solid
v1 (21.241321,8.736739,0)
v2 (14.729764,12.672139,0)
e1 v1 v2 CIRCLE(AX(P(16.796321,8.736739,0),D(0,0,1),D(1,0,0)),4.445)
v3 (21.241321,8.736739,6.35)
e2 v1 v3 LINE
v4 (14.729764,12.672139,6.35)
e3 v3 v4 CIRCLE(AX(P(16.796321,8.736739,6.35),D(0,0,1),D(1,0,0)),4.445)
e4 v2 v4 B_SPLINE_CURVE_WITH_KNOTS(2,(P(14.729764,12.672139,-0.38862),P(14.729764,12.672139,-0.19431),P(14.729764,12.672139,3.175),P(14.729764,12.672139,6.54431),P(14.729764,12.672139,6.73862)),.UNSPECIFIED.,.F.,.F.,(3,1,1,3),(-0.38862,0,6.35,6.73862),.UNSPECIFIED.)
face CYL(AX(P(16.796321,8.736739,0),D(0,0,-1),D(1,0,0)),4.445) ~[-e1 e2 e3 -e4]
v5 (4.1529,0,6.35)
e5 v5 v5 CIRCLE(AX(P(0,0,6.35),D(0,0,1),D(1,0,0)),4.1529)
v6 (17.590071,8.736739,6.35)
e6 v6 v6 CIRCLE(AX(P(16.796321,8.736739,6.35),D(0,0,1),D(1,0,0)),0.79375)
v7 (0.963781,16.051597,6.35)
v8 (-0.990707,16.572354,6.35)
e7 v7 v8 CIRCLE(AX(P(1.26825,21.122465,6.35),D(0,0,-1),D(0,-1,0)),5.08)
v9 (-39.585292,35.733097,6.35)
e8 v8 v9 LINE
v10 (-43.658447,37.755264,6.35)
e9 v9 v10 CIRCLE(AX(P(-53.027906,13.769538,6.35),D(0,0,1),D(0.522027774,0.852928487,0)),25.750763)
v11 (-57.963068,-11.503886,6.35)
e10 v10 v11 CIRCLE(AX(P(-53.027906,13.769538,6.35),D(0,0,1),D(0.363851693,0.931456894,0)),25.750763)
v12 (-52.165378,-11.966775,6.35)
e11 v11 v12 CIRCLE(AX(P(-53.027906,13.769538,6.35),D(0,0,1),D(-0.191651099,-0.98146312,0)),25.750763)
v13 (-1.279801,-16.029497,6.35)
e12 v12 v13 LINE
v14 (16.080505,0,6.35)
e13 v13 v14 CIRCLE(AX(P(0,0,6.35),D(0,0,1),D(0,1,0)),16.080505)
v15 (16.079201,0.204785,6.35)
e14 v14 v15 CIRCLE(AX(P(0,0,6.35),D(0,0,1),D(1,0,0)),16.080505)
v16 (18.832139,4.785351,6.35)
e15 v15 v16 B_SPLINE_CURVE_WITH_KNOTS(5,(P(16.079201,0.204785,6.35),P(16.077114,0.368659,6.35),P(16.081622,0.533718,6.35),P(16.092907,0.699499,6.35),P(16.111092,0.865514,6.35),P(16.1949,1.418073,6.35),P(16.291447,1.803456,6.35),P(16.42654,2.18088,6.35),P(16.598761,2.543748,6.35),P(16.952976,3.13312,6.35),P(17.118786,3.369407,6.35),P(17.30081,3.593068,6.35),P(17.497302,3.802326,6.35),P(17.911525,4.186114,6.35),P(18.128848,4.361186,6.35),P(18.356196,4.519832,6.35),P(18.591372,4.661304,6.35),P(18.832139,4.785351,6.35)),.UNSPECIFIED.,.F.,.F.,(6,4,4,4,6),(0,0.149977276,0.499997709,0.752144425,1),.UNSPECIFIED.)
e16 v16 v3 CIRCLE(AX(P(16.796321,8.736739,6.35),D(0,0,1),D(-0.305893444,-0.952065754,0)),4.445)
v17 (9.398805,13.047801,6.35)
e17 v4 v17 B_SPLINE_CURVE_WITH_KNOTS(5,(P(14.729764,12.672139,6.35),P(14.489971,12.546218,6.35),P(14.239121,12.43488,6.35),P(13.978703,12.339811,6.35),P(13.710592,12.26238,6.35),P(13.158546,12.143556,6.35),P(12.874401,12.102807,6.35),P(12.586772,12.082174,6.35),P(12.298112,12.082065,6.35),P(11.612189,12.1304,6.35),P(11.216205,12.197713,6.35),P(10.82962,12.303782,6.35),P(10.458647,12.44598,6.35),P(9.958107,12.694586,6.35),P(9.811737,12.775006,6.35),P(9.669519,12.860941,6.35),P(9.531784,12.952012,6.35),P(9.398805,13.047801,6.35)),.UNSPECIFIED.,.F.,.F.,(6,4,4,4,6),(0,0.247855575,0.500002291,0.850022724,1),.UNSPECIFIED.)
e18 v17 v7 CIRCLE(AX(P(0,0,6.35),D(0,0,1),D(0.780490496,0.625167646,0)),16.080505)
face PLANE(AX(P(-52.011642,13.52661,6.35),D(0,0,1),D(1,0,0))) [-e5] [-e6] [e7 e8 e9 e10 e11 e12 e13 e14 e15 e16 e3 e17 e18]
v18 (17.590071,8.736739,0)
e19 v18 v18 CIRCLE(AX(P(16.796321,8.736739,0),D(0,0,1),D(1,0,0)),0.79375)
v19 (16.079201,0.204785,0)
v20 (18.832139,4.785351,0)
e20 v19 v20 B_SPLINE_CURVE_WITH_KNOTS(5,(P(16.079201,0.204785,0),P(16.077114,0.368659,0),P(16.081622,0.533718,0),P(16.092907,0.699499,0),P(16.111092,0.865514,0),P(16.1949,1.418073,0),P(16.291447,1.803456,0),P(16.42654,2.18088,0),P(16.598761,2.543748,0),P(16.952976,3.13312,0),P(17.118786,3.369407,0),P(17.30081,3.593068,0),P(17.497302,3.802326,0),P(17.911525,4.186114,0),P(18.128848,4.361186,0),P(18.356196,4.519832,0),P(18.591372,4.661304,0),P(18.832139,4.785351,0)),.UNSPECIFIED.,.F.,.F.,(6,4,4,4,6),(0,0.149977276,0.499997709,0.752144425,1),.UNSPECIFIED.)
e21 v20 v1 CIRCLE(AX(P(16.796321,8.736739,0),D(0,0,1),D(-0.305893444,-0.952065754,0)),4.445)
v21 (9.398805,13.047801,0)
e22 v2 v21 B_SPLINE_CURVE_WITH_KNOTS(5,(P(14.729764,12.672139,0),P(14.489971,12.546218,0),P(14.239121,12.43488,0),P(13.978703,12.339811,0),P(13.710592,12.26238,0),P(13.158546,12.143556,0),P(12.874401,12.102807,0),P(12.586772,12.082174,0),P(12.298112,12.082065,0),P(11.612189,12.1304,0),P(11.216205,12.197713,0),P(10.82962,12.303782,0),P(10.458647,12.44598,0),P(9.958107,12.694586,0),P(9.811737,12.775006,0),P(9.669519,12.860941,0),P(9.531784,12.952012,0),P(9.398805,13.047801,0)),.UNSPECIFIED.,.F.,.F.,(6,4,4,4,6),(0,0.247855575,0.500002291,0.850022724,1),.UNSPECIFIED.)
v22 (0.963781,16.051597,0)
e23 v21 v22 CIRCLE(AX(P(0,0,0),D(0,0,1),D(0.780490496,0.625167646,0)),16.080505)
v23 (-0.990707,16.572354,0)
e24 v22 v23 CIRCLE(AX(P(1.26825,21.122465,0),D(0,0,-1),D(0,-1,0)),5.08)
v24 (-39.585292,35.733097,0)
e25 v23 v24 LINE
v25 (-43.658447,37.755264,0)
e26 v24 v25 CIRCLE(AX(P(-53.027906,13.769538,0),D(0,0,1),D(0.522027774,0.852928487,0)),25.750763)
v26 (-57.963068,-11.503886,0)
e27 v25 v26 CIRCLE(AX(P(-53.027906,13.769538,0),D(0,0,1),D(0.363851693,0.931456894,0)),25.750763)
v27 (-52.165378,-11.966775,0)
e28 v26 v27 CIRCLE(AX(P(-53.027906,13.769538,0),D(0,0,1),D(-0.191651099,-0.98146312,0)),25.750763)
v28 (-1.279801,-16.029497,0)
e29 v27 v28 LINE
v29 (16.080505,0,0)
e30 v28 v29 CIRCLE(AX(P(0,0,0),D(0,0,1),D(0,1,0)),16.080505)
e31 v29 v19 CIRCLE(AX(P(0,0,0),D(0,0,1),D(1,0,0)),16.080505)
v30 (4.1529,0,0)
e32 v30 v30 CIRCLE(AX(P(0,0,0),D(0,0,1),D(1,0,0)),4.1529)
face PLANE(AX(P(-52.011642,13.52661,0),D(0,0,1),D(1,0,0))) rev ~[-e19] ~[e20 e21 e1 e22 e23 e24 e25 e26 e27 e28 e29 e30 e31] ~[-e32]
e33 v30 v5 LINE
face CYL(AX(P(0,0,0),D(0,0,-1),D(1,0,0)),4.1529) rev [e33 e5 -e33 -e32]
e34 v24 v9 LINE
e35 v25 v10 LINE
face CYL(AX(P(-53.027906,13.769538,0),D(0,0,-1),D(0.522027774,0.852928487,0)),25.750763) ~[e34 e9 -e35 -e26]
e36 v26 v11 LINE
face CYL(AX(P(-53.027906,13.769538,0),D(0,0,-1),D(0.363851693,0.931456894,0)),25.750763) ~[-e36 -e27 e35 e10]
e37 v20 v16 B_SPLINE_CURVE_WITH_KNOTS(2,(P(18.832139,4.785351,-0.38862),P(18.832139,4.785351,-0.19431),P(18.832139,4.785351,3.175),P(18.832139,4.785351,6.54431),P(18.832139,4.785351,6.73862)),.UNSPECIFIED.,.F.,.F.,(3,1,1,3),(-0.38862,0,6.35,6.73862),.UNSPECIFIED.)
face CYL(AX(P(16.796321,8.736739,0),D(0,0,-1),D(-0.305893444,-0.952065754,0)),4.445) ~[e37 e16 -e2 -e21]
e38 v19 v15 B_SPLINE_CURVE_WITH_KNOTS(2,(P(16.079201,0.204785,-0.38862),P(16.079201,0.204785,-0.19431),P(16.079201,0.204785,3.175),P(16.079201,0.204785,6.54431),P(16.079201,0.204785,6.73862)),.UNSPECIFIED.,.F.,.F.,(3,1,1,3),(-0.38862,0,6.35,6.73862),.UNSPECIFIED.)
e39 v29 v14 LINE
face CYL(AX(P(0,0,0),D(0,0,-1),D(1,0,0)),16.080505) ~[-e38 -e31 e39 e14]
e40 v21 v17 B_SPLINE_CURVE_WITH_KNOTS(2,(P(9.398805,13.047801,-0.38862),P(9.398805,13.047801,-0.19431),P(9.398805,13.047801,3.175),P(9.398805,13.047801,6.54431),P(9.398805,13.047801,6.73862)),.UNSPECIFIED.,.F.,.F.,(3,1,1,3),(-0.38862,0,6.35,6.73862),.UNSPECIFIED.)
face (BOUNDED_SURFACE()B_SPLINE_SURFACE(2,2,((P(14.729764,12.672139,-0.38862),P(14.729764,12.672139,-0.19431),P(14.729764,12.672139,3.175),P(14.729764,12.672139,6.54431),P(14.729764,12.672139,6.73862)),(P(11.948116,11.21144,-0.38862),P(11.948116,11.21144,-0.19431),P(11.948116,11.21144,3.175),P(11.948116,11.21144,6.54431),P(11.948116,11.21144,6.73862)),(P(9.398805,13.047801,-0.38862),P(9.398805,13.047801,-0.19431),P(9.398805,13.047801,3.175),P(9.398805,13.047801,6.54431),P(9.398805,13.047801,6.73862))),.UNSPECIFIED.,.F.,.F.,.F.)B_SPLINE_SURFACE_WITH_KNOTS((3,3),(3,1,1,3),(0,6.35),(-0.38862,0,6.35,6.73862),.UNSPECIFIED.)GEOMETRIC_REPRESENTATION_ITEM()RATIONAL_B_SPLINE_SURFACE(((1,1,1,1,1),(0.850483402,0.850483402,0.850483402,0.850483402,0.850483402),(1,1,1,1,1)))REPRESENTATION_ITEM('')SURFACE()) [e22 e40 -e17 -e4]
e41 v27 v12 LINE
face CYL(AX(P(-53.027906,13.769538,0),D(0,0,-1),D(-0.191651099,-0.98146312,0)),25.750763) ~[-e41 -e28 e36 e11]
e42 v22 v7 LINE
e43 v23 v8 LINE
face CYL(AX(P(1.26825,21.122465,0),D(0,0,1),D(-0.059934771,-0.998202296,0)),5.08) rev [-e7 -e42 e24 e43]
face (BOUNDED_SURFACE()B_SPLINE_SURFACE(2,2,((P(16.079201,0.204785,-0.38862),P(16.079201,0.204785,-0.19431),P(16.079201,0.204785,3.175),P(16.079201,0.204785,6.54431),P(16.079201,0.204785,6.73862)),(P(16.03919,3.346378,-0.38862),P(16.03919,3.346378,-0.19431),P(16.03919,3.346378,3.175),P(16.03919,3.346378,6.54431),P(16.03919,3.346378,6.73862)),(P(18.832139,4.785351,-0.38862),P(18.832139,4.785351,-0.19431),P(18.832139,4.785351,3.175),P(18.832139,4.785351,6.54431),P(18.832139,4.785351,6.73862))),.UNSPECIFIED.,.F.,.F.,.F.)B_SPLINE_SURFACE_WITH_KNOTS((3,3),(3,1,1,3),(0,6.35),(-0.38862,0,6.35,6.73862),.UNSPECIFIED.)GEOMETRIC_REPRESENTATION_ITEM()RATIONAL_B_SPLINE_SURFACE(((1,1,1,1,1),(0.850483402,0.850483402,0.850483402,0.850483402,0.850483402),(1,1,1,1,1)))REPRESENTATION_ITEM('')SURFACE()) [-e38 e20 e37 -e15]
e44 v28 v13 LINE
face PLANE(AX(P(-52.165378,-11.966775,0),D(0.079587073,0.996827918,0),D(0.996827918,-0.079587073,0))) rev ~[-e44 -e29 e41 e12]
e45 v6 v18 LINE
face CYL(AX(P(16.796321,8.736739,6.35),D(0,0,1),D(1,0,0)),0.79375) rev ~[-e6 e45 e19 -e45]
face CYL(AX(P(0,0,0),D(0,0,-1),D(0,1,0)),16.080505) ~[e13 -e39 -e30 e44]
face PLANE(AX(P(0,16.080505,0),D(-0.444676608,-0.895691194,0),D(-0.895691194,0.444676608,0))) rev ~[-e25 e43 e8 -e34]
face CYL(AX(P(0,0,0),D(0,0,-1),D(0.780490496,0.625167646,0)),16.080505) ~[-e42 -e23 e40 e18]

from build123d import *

# Parameters (mm, degrees)
F0_R     = 4.1529
F1_DEPTH = 6.35
F2_R     = 5.08
F3_R     = 0.79375
F4_DEPTH = 6.604


with BuildPart() as f1:
    # F0 (on Top) → F1 (new body)
    with BuildSketch(Plane.XY):
        with BuildLine():
            Line((-39.5852921817, 35.7330972108), (-43.6584469102, 37.7552635994))
            ThreePointArc((-43.6584469102, 37.7552635994), (-77.757072432, 20.950769545), (-57.9630675112, -11.5038857774))
            Line((-57.9630675112, -11.5038857774), (-52.1653779445, -11.9667752425))
            ThreePointArc((-52.1653779445, -11.9667752425), (-34.5169287333, -4.1314539733), (-27.2771428081, 13.7695381418))
            ThreePointArc((-27.2771428081, 13.7695381418), (-30.5639418609, 26.3581090295), (-39.5852921817, 35.7330972108))
        make_face()
        with BuildLine():
            ThreePointArc((-39.5852921817, 35.7330972108), (-41.5771437171, 36.8342695403), (-43.6584469102, 37.7552635994))
            Line((-43.6584469102, 37.7552635994), (-39.5852921817, 35.7330972108))
        make_face()
        with BuildLine():
            Line((-52.1653779445, -11.9667752425), (-57.9630675112, -11.5038857774))
            ThreePointArc((-57.9630675112, -11.5038857774), (-55.0773333512, -11.8995410396), (-52.1653779445, -11.9667752425))
        make_face()
        with BuildLine():
            Line((0, 16.0805053817), (-39.5852921817, 35.7330972108))
            ThreePointArc((-39.5852921817, 35.7330972108), (-30.5639418609, 26.3581090295), (-27.2771428081, 13.7695381418))
            ThreePointArc((-27.2771428081, 13.7695381418), (-34.5169287333, -4.1314539733), (-52.1653779445, -11.9667752425))
            Line((-52.1653779445, -11.9667752425), (-1.2798007555, -16.0294966658))
            ThreePointArc((-1.2798007555, -16.0294966658), (-16.0677481424, 0.6404084366), (0, 16.0805053817))
        make_face()
        with BuildLine():
            ThreePointArc((12.550681619, 10.0530116996), (6.9615064675, 14.4955193434), (0, 16.0805053817))
            ThreePointArc((0, 16.0805053817), (-16.0677481424, 0.6404084366), (-1.2798007555, -16.0294966658))
            ThreePointArc((-1.2798007555, -16.0294966658), (10.9087765216, -11.8144508181), (16.0805053817, 0))
            ThreePointArc((16.0805053817, 0), (15.91872127, 2.2752948071), (15.4366243175, 4.5048066565))
            ThreePointArc((15.4366243175, 4.5048066565), (12.8528968999, 6.6855358941), (12.550681619, 10.0530116996))
        make_face()
        Circle(F0_R, mode=Mode.SUBTRACT)
        with BuildLine():
            ThreePointArc((21.2413206768, 8.7367389351), (17.4619629936, 13.1316161013), (12.550681619, 10.0530116996))
            ThreePointArc((12.550681619, 10.0530116996), (14.2659723887, 7.4205582766), (15.4366243175, 4.5048066565))
            ThreePointArc((15.4366243175, 4.5048066565), (19.4149247594, 5.1449514054), (21.2413206768, 8.7367389351))
        make_face()
        with BuildLine():
            ThreePointArc((15.4366243175, 4.5048066565), (14.2659723887, 7.4205582766), (12.550681619, 10.0530116996))
            ThreePointArc((12.550681619, 10.0530116996), (12.8528968999, 6.6855358941), (15.4366243175, 4.5048066565))
        make_face()
    extrude(amount=F1_DEPTH)

    # F2
    f2_edges = [f1.edges().sort_by_distance(p)[0] for p in [
        (12.550682, 10.053012, 3.175),
        (15.436624, 4.504807, 3.175),
        (0, 16.080505, 3.175),
    ]]
    fillet(f2_edges, radius=F2_R)

    # F3 (on face) → F4 (cut)
    with BuildSketch(Plane.XY.offset(6.35)):
        with Locations((16.7963206768, 8.7367389351)):
            Circle(F3_R)
    extrude(amount=-F4_DEPTH, mode=Mode.SUBTRACT)


solid = f1.part
